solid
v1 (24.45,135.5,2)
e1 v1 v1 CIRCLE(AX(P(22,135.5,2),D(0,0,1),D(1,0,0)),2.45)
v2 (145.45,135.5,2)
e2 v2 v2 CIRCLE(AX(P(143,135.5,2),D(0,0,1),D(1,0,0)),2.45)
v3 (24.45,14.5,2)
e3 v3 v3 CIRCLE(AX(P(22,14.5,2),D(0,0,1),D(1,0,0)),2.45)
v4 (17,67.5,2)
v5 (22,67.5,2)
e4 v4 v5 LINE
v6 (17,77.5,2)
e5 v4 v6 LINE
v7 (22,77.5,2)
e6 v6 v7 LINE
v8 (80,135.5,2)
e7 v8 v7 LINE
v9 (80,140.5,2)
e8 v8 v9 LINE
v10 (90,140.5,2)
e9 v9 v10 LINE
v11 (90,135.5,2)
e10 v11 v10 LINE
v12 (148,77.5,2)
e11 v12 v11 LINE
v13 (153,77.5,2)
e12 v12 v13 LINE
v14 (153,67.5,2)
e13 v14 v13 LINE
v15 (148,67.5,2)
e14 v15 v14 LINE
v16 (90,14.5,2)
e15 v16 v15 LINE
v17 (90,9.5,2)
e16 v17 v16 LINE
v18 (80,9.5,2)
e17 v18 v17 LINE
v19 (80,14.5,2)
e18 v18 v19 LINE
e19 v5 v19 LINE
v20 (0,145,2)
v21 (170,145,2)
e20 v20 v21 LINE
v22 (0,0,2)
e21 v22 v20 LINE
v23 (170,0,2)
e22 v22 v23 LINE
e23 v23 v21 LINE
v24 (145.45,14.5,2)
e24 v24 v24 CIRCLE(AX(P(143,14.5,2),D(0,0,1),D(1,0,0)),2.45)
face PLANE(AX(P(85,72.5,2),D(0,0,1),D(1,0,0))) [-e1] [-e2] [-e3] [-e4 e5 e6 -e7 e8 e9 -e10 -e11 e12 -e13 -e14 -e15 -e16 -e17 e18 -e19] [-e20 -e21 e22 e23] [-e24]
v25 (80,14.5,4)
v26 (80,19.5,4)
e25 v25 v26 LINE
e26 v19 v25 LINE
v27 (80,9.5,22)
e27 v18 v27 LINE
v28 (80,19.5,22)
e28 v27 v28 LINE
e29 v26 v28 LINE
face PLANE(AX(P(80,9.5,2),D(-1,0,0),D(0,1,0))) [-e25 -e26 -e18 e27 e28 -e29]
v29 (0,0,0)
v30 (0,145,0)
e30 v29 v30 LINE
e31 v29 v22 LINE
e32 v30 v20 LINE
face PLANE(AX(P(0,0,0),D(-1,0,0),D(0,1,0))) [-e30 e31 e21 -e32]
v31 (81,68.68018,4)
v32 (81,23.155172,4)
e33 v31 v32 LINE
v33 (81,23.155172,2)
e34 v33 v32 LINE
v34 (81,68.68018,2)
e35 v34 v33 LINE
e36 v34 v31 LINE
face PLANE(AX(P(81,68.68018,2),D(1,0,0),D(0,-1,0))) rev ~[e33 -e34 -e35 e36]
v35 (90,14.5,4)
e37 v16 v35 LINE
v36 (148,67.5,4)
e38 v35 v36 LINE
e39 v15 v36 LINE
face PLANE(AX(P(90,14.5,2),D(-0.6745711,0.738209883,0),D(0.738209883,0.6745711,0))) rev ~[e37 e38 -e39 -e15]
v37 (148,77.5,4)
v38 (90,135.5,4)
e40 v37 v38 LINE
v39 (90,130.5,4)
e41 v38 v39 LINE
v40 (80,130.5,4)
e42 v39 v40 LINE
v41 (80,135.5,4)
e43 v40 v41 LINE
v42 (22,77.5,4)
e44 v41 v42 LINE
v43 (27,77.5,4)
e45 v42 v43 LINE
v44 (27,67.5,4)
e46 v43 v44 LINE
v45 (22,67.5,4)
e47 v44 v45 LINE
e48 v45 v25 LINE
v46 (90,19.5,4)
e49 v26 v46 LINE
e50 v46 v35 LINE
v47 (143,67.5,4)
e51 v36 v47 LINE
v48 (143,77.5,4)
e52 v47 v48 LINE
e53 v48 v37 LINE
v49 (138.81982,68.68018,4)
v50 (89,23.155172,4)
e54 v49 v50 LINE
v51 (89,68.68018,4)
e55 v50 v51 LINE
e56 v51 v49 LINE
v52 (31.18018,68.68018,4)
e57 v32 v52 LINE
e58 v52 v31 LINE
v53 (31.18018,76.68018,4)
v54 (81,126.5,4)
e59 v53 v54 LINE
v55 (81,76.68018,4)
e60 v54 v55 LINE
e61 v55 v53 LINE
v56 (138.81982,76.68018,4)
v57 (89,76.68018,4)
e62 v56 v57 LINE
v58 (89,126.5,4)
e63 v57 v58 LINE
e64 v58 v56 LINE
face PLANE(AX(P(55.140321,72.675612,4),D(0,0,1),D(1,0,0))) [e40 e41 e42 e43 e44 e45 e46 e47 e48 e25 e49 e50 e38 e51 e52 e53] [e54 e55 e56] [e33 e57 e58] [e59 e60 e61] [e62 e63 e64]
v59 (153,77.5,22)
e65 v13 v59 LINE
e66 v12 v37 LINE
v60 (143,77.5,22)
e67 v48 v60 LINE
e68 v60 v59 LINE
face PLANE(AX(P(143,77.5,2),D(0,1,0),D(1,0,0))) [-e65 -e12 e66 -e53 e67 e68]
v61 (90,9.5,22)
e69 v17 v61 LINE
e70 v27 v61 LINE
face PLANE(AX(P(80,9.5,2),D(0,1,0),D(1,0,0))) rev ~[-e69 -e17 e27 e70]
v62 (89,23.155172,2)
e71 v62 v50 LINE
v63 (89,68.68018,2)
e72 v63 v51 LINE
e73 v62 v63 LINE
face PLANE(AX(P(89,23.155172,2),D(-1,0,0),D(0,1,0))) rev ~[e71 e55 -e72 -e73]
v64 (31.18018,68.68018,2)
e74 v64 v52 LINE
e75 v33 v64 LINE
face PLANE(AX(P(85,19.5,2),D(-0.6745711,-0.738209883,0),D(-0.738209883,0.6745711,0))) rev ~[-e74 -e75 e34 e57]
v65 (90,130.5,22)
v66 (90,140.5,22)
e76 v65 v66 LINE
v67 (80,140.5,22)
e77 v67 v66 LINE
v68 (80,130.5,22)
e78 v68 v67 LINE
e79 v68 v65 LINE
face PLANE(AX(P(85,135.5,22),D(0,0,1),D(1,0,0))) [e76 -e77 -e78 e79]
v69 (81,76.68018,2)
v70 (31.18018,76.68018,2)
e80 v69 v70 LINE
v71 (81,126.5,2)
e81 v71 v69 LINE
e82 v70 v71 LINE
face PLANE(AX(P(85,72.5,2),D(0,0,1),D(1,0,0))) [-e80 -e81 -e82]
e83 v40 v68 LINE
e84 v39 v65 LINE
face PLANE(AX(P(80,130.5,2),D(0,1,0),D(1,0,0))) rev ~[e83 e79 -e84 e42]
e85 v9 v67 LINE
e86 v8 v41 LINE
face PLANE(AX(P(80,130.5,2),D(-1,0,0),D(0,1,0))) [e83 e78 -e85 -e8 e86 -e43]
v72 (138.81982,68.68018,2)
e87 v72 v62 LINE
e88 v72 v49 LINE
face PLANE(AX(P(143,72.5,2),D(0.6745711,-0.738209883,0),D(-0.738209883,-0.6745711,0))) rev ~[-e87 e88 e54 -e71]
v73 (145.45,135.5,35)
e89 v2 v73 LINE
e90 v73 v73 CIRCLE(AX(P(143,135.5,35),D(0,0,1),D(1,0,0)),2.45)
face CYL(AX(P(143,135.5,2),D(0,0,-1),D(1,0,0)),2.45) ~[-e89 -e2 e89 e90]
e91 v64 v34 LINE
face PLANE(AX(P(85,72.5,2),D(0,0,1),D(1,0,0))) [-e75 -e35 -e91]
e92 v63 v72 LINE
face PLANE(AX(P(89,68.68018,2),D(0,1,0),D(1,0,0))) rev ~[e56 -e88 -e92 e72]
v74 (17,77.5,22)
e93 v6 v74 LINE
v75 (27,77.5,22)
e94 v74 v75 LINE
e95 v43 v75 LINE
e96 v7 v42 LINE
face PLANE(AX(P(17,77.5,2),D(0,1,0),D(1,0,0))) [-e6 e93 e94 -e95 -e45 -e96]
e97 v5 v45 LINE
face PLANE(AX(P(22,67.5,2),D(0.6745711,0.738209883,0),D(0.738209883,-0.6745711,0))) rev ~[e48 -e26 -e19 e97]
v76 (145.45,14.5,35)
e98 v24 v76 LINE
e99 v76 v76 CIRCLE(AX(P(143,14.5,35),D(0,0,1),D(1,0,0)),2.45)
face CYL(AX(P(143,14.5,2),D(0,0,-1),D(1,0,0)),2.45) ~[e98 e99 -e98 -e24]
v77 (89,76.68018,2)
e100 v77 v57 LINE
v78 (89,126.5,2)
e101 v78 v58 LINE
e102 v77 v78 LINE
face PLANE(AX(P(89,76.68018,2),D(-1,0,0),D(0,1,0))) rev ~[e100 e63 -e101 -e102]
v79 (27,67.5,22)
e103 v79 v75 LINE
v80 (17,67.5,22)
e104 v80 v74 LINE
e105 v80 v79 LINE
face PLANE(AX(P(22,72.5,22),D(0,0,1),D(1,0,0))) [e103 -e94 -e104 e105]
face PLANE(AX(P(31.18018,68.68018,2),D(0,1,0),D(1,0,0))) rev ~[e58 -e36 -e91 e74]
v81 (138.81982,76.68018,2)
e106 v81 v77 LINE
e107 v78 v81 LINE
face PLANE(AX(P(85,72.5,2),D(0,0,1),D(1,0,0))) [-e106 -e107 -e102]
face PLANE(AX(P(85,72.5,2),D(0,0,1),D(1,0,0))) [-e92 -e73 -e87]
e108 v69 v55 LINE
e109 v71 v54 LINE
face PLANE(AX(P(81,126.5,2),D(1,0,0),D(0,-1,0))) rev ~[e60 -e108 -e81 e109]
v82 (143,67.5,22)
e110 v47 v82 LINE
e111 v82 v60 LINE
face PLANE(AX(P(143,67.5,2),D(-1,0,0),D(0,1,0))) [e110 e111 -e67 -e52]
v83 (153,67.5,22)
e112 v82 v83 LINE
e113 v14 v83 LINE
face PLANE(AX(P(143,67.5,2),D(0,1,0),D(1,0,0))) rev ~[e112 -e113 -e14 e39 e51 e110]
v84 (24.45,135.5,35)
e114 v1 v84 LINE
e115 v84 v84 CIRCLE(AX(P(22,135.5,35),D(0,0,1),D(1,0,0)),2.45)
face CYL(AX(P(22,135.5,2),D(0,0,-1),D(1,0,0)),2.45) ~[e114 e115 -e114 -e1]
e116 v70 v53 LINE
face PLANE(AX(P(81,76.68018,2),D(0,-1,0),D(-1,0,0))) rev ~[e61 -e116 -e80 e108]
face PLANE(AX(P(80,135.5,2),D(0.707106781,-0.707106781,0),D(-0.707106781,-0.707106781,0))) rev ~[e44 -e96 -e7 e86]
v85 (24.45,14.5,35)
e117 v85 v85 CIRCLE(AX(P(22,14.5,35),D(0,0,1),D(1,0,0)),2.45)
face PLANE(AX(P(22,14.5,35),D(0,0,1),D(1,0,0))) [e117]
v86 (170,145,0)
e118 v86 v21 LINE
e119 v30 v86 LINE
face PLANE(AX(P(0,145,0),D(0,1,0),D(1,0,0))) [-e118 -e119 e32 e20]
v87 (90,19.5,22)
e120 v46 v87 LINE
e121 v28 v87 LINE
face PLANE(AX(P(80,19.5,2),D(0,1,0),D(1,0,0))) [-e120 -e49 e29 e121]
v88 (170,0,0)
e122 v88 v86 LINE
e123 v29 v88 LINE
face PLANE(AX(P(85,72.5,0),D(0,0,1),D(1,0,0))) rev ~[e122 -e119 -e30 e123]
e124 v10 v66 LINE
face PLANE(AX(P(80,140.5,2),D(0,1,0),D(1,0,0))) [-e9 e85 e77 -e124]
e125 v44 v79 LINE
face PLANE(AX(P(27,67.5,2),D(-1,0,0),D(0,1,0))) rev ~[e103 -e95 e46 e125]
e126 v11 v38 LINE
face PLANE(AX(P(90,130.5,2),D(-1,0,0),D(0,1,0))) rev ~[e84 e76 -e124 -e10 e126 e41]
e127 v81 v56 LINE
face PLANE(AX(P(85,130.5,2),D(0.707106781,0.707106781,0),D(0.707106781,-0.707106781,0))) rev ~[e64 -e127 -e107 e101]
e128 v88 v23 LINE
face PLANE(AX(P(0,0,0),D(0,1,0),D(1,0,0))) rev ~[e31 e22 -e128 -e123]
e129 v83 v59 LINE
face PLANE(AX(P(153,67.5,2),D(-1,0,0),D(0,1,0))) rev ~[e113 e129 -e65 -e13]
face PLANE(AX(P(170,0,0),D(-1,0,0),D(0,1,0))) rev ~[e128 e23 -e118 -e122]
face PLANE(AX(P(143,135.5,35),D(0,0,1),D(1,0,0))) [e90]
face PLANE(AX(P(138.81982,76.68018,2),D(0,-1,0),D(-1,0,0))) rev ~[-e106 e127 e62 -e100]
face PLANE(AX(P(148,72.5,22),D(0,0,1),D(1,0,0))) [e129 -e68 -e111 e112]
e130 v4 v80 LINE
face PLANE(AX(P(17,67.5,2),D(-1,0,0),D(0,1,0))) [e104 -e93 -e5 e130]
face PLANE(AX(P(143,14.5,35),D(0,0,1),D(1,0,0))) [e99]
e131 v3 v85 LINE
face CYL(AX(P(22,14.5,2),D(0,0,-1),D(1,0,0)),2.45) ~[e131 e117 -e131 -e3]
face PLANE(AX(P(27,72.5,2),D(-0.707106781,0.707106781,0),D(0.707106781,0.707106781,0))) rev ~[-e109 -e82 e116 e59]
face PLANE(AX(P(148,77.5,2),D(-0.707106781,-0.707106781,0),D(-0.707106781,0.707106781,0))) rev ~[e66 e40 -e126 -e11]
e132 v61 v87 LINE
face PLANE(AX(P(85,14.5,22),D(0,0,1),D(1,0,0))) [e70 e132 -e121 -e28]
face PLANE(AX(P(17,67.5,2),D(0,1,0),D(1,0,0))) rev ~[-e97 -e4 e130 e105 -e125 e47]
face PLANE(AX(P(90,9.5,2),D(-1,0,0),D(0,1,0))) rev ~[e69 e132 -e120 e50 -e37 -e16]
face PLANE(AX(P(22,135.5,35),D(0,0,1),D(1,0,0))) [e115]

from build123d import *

# Parameters (mm, degrees)
F0_W      = 170
F0_H      = 145
F1_DEPTH  = 2
F2_R      = 2.45
F3_DEPTH  = 33
F4_W      = 10
F4_H      = 10
F5_DEPTH  = 20
F8_DEPTH  = 2
F9_W      = 8
F9_H      = 8
F10_DEPTH = 2


with BuildPart() as f1:
    # F0 (on Top) → F1 (new body)
    with BuildSketch(Plane.XY):
        with Locations((85, 72.5)):
            Rectangle(F0_W, F0_H)
    extrude(amount=F1_DEPTH)

    # F2 (on face) → F3 (join)
    with BuildSketch(Plane.XY.offset(2)):
        with Locations((22, 135.5)):
            Circle(F2_R)
        with Locations((22, 14.5)):
            Circle(F2_R)
        with Locations((143, 135.5)):
            Circle(F2_R)
        with Locations((143, 14.5)):
            Circle(F2_R)
    extrude(amount=F3_DEPTH)

    # F4 (on face) → F5 (join)
    with BuildSketch(Plane.XY.offset(2)):
        with Locations((85, 14.5)):
            Rectangle(F4_W, F4_H)
        with Locations((85, 135.5)):
            Rectangle(F4_W, F4_H)
        with Locations((22, 72.5)):
            Rectangle(F4_W, F4_H)
        with Locations((148, 72.5)):
            Rectangle(F4_W, F4_H)
    extrude(amount=F5_DEPTH)

    # F7 (on face) → F8 (join)
    with BuildSketch(Plane.XY.offset(2)):
        Polygon((85, 19.5), (27, 72.5), (27, 67.5), (22, 67.5), (80, 14.5), (80, 19.5), align=None)
        Polygon((143, 72.5), (85, 19.5), (90, 19.5), (90, 14.5), (148, 67.5), (143, 67.5), align=None)
        Polygon((90, 130.5), (85, 130.5), (143, 72.5), (143, 77.5), (148, 77.5), (90, 135.5), align=None)
        Polygon((27, 77.5), (27, 72.5), (85, 130.5), (80, 130.5), (80, 135.5), (22, 77.5), align=None)
    extrude(amount=F8_DEPTH)

    # F9 (on face) → F10 (join)
    with BuildSketch(Plane.XY.offset(2)):
        Polygon((31.1801801802, 68.6801801802), (81, 68.6801801802), (81, 76.6801801802), (31.1801801802, 76.6801801802), (27, 72.5), align=None)
        Polygon((81, 126.5), (81, 76.6801801802), (89, 76.6801801802), (89, 126.5), (85, 130.5), align=None)
        with Locations((85, 72.6801801802)):
            Rectangle(F9_W, F9_H)
        Polygon((143, 72.5), (138.8198198198, 68.6801801802), (139.1801801802, 68.6801801802), align=None)
        Polygon((89, 76.6801801802), (89, 68.6801801802), (138.8198198198, 68.6801801802), (143, 72.5), (138.8198198198, 76.6801801802), align=None)
        Polygon((81, 68.6801801802), (81, 23.1551724138), (85, 19.5), (89, 23.1551724138), (89, 68.6801801802), align=None)
    extrude(amount=F10_DEPTH)


solid = f1.part
